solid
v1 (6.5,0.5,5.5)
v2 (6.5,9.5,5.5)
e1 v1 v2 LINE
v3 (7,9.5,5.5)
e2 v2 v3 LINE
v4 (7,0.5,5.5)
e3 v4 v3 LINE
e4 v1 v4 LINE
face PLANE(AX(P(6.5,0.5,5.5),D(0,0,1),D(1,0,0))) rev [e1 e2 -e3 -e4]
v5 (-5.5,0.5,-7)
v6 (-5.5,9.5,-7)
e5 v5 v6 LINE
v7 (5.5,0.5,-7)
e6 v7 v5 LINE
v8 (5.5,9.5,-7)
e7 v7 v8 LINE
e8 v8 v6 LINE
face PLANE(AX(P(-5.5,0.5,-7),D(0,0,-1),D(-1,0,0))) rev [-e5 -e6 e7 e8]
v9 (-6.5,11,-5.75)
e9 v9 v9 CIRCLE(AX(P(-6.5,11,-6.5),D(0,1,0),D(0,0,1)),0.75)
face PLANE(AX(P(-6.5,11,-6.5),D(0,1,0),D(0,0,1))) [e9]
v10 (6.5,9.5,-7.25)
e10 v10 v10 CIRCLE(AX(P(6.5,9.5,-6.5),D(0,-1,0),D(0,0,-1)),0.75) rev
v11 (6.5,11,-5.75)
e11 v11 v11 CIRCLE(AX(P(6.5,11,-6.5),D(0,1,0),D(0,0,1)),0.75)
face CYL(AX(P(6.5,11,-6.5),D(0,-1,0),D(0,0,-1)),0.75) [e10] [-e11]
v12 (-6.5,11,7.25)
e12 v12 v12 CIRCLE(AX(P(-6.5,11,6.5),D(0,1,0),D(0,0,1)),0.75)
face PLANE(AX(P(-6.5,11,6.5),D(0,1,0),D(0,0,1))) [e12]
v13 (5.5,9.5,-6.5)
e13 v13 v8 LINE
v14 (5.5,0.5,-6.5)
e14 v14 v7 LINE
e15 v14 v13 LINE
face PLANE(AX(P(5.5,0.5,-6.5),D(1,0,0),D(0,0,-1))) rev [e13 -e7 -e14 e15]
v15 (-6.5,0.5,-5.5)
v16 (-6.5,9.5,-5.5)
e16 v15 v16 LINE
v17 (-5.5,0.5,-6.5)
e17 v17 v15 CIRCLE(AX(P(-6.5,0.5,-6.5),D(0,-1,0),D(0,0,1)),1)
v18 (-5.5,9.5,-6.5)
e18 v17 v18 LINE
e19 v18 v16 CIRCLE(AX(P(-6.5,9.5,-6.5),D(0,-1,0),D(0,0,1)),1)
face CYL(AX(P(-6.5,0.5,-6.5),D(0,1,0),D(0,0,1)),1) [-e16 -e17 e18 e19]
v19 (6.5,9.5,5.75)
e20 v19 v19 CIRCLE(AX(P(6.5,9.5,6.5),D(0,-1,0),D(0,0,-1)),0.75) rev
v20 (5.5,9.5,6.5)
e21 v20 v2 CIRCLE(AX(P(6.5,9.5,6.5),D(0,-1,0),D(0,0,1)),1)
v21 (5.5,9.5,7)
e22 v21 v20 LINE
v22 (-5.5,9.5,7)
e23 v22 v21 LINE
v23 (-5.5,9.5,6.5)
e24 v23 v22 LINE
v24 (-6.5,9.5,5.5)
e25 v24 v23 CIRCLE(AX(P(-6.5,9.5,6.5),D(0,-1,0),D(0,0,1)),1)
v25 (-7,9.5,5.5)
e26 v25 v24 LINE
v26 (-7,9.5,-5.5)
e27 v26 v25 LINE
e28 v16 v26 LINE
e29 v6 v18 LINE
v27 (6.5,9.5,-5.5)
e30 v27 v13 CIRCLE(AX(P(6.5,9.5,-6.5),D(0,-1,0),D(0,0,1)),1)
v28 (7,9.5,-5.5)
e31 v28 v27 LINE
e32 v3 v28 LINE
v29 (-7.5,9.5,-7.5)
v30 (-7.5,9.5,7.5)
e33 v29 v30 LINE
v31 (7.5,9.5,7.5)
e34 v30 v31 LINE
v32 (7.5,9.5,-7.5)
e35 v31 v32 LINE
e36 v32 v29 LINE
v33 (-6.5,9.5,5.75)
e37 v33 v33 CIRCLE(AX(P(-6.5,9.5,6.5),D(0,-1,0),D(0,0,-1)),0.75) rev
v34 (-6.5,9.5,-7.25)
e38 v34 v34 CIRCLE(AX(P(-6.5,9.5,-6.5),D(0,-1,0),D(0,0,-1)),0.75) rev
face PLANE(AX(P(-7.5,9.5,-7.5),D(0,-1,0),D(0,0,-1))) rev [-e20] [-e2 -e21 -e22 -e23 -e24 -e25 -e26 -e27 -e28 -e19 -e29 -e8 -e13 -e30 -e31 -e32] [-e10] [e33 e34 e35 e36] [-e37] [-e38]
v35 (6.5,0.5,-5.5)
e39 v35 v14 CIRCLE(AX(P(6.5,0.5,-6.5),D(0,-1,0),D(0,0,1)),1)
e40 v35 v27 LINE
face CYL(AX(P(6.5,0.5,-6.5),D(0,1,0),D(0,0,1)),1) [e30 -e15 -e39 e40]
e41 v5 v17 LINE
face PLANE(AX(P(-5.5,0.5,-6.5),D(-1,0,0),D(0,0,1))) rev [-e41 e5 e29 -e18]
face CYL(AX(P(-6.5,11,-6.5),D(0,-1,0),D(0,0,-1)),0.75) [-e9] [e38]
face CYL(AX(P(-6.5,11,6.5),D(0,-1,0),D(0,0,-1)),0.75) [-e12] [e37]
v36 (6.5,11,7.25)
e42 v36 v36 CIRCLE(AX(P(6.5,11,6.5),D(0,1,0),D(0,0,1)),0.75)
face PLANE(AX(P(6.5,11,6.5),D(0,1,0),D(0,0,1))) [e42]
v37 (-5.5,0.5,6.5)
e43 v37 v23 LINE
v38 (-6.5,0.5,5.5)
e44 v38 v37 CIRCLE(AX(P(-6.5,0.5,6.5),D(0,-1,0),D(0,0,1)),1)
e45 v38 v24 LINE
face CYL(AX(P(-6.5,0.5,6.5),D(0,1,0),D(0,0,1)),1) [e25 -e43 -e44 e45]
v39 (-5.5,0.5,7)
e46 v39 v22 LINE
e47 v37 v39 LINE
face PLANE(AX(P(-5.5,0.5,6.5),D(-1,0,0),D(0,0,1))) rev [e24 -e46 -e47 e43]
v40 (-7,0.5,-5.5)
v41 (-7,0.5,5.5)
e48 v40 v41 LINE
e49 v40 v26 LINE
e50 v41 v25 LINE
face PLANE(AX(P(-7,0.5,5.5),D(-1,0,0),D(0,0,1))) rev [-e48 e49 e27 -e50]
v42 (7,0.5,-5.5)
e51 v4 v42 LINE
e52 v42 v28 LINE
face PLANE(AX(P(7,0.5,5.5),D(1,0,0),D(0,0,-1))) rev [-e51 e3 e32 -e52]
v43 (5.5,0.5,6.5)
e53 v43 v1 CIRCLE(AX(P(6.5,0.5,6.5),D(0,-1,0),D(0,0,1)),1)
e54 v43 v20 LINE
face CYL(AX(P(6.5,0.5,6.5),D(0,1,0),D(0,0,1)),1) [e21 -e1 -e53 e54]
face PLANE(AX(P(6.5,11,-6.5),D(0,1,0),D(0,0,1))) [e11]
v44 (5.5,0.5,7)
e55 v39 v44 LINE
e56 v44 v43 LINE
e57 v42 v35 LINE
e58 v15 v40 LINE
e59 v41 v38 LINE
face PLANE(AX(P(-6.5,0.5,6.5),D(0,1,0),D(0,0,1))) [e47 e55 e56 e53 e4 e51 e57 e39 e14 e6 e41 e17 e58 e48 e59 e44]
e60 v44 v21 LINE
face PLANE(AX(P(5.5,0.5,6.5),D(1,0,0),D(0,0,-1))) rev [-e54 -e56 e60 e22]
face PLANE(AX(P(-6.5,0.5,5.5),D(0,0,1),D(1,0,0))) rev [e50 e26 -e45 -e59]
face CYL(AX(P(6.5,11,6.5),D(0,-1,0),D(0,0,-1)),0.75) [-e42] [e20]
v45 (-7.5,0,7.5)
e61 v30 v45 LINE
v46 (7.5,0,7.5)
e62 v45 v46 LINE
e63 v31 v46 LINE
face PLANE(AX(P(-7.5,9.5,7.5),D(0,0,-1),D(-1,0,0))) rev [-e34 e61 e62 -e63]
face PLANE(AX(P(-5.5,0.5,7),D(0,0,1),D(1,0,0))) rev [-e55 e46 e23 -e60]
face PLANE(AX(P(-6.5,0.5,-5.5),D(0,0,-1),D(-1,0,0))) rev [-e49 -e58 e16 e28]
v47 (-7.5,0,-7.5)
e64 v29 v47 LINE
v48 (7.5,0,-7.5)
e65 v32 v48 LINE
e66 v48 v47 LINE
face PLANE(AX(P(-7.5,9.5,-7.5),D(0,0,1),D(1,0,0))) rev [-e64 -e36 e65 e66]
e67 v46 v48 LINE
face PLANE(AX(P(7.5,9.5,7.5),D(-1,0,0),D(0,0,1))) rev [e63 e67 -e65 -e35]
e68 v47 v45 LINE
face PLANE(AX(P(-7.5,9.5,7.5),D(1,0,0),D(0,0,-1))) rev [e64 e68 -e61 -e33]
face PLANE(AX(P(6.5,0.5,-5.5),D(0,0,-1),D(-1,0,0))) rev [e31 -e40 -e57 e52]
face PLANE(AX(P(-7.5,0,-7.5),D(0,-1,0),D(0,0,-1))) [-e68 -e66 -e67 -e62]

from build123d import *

# Parameters (mm, degrees)
SKETCH_1_W          = 15
SKETCH_1_H          = 15
EXTRUDE_1_DEPTH     = 9.5
CUT_EXTRUDE_1_DEPTH = 9
SKETCH_5_R          = 0.75
EXTRUDE_2_DEPTH     = 1.5


with BuildPart() as part:
    # 草图1 → 凸台-拉伸1 (new body)
    with BuildSketch(Plane(origin=(0, 0, 0), x_dir=(1, 0, 0), z_dir=(0, 1, 0))):
        Rectangle(SKETCH_1_W, SKETCH_1_H)
    extrude(amount=EXTRUDE_1_DEPTH)

    # 草图2 → 切除-拉伸1 (cut)
    with BuildSketch(Plane(origin=(0, 9.5, 0), x_dir=(-1, 0, 0), z_dir=(0, 1, 0))):
        with BuildLine():
            Line((6.5, -5.5), (7, -5.5))
            Line((7, -5.5), (7, 5.5))
            Line((7, 5.5), (6.5, 5.5))
            ThreePointArc((6.5, 5.5), (5.792893219, 5.792893219), (5.5, 6.5))
            Line((5.5, 6.5), (5.5, 7))
            Line((5.5, 7), (-5.5, 7))
            Line((-5.5, 7), (-5.5, 6.5))
            ThreePointArc((-5.5, 6.5), (-5.792893219, 5.792893219), (-6.5, 5.5))
            Line((-6.5, 5.5), (-7, 5.5))
            Line((-7, 5.5), (-7, -5.5))
            Line((-7, -5.5), (-6.5, -5.5))
            ThreePointArc((-6.5, -5.5), (-5.792893219, -5.792893219), (-5.5, -6.5))
            Line((-5.5, -6.5), (-5.5, -7))
            Line((-5.5, -7), (5.5, -7))
            Line((5.5, -7), (5.5, -6.5))
            ThreePointArc((5.5, -6.5), (5.792893219, -5.792893219), (6.5, -5.5))
        make_face()
    extrude(amount=-CUT_EXTRUDE_1_DEPTH, mode=Mode.SUBTRACT)

    # 草图5 → 凸台-拉伸2 (add)
    with BuildSketch(Plane(origin=(0, 9.5, 0), x_dir=(-1, 0, 0), z_dir=(0, 1, 0))):
        with Locations(Location((6.5, -6.5, 0), (0, 0, 270))):
            Circle(SKETCH_5_R)
        with Locations(Location((6.5, 6.5, 0), (0, 0, 270))):
            Circle(SKETCH_5_R)
        with Locations(Location((-6.5, 6.5, 0), (0, 0, 270))):
            Circle(SKETCH_5_R)
        with Locations(Location((-6.5, -6.5, 0), (0, 0, 270))):
            Circle(SKETCH_5_R)
    extrude(amount=EXTRUDE_2_DEPTH)


solid = part.part
